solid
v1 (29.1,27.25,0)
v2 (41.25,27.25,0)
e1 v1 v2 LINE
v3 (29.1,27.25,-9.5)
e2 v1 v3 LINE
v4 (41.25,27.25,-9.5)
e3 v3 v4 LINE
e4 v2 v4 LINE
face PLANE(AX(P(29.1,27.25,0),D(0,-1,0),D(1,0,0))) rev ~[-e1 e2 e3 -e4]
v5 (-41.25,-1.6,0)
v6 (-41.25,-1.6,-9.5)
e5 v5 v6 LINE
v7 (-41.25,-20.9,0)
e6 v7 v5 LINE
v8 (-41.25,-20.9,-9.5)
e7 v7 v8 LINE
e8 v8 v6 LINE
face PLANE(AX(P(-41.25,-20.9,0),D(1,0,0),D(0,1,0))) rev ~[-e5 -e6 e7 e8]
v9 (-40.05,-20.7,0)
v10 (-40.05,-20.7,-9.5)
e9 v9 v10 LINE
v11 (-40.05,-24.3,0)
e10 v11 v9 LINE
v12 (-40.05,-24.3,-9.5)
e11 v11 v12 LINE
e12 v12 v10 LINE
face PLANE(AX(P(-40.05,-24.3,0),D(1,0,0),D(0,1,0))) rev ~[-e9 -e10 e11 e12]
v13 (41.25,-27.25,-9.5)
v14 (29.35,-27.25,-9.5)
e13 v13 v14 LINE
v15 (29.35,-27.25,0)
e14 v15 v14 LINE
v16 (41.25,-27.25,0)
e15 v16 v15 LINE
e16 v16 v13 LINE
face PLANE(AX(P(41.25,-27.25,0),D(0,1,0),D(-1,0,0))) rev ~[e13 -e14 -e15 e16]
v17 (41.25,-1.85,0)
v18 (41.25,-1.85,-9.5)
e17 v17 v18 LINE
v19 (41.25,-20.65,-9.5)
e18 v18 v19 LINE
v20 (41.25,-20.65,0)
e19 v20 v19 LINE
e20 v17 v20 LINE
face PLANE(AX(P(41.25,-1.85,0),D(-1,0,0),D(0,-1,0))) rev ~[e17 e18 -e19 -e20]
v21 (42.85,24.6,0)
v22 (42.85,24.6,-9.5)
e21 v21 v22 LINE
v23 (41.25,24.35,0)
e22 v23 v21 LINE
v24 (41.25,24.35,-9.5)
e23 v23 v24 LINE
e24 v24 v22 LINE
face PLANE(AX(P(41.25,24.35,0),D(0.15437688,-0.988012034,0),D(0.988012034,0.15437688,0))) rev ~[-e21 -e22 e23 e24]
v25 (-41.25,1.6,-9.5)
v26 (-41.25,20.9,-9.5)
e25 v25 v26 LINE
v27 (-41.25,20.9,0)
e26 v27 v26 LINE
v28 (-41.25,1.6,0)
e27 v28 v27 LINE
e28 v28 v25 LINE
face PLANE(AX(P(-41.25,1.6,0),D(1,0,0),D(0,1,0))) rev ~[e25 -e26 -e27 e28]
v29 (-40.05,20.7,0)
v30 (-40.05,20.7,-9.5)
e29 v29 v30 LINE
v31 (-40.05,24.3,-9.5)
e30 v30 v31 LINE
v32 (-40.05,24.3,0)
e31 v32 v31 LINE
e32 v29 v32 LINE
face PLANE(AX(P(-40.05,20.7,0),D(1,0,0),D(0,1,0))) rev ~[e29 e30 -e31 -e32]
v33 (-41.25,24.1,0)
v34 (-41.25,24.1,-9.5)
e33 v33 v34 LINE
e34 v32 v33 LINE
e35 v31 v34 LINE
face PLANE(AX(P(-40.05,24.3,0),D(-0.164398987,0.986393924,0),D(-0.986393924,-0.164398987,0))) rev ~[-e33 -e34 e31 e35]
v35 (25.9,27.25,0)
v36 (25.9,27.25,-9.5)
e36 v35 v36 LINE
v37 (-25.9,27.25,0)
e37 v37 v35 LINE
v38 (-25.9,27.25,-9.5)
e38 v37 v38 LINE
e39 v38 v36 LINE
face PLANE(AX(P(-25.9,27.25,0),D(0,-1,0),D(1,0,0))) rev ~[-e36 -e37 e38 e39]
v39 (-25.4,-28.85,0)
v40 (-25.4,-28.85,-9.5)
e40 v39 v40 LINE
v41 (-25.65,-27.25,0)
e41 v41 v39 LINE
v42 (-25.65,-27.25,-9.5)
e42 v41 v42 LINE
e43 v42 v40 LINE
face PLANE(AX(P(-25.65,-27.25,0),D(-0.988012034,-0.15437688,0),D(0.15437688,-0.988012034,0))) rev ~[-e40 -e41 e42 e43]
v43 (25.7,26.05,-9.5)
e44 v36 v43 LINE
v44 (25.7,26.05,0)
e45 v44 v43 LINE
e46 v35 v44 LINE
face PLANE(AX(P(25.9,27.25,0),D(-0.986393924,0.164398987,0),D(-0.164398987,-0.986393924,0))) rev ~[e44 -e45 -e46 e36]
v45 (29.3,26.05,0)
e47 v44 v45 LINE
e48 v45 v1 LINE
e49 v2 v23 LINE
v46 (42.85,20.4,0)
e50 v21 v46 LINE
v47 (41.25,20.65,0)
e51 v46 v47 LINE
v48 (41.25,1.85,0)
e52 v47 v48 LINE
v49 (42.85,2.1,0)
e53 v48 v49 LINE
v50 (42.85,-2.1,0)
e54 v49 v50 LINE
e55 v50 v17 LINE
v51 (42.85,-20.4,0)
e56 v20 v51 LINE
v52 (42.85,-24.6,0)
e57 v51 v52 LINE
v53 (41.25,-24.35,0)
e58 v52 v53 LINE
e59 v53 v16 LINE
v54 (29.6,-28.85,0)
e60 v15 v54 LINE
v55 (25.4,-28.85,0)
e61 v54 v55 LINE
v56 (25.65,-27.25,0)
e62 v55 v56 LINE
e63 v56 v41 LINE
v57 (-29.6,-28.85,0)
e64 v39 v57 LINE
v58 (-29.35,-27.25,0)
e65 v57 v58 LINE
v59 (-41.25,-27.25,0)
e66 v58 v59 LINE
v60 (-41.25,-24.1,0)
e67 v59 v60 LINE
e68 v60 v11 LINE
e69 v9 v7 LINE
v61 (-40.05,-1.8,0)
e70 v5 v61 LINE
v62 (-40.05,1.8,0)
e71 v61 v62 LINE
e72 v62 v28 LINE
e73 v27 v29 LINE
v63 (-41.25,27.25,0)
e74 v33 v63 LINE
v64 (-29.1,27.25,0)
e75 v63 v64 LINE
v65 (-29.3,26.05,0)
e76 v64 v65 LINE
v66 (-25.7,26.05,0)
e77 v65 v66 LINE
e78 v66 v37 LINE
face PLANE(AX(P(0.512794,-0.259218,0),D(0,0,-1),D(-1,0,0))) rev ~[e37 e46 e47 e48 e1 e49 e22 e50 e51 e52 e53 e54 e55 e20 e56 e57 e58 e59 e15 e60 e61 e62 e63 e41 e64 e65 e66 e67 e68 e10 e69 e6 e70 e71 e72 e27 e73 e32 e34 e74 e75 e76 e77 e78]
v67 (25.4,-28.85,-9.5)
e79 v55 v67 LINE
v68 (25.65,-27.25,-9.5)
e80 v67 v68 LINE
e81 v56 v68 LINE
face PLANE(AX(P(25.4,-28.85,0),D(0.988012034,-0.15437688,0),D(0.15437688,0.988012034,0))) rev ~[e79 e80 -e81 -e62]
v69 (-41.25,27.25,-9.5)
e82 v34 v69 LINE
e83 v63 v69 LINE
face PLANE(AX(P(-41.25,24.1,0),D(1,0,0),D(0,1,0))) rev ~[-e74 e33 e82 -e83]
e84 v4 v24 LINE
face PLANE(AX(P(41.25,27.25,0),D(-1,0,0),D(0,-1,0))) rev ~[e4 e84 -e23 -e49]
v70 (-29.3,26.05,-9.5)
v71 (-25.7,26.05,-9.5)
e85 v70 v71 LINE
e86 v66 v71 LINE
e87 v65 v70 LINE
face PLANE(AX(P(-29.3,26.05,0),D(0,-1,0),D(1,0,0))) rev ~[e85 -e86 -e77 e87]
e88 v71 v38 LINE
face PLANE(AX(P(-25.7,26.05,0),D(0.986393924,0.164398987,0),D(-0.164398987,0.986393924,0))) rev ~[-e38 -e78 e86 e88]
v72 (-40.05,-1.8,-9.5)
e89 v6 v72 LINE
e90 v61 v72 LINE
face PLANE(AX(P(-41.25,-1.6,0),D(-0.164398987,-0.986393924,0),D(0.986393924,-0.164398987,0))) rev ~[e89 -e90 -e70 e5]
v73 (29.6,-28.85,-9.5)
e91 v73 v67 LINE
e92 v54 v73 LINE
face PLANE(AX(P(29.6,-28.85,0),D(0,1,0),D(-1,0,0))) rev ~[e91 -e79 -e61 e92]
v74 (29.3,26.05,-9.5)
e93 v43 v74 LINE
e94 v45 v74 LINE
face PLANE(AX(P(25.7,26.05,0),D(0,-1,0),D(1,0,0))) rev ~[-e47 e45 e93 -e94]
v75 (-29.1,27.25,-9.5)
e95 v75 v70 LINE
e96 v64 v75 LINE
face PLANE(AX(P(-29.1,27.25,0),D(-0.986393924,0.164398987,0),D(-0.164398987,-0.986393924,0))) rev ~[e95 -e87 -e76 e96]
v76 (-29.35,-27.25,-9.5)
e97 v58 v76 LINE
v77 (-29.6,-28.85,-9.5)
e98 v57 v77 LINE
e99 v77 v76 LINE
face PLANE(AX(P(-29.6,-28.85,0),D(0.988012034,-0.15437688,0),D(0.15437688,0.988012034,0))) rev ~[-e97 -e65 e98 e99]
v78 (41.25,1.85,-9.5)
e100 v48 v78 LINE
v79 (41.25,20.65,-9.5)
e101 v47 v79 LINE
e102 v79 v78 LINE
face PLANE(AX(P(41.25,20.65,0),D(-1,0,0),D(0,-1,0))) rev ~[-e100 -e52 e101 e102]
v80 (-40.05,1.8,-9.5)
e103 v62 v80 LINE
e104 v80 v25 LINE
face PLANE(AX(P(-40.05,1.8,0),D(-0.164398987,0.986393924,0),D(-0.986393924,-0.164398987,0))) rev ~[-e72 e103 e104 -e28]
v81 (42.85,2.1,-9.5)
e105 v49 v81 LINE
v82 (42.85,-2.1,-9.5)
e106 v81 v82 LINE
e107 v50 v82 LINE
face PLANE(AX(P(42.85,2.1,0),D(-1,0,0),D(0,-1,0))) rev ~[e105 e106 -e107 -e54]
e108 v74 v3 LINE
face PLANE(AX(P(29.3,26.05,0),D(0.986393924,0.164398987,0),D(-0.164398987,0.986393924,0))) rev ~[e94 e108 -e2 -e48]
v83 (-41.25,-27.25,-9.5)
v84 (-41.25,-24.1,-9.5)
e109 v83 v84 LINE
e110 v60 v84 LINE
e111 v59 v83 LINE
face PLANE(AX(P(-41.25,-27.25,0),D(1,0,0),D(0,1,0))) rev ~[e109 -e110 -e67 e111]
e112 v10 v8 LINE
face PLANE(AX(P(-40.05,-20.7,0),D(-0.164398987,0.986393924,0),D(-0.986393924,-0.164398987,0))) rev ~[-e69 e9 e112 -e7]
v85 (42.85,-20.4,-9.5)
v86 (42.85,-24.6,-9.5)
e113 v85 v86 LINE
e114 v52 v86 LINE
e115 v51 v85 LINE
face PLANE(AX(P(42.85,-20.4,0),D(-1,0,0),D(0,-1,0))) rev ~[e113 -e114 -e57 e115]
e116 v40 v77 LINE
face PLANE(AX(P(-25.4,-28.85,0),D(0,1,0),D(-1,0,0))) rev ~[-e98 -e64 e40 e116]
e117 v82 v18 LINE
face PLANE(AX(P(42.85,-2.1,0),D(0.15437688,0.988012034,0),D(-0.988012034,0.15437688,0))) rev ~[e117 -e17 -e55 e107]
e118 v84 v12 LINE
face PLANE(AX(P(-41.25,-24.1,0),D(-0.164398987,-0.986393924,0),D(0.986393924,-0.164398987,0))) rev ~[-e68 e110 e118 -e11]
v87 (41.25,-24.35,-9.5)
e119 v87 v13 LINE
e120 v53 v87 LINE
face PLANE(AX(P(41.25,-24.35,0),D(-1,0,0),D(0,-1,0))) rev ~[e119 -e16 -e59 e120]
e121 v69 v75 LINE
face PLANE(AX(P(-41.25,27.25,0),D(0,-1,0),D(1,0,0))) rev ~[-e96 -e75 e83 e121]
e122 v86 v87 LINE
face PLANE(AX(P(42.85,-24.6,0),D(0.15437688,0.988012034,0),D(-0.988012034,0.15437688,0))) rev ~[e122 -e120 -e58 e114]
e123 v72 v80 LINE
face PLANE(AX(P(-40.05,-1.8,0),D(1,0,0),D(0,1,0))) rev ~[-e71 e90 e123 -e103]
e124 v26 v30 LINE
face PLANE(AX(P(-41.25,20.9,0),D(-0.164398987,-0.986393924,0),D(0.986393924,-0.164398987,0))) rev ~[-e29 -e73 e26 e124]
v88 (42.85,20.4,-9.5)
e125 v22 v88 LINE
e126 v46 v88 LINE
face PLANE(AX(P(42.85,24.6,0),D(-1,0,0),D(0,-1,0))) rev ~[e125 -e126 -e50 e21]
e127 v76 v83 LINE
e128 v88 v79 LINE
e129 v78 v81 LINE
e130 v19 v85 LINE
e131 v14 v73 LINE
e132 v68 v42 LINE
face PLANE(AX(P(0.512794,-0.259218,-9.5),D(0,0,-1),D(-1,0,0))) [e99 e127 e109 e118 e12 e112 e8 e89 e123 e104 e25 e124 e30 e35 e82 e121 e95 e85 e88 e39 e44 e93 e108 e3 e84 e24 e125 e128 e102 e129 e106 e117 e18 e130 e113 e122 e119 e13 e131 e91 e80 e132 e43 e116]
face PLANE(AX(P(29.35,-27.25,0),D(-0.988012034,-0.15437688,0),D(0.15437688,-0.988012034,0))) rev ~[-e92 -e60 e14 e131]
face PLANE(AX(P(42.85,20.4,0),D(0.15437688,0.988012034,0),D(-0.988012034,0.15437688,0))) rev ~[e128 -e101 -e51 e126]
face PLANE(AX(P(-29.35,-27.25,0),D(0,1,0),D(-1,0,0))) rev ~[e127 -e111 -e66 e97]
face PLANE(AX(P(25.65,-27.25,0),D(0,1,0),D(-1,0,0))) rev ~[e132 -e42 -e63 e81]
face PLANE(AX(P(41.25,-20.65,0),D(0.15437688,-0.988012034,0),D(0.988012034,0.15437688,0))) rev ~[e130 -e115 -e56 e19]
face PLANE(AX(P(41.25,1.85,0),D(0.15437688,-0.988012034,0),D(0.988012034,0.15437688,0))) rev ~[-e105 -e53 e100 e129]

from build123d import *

# Parameters (mm, degrees)
PAD_DEPTH = 9.5


with BuildPart() as part:
    # Sketch → Pad (new body)
    with BuildSketch(Plane.XY):
        Polygon((-41.25, 27.25), (-29.1, 27.25), (-29.3, 26.05), (-25.7, 26.05), (-25.9, 27.25), (25.9, 27.25), (25.7, 26.05), (29.3, 26.05), (29.1, 27.25), (41.25, 27.25), (41.25, 24.35), (42.85, 24.6), (42.85, 20.4), (41.25, 20.65), (41.25, 1.85), (42.85, 2.1), (42.85, -2.1), (41.25, -1.85), (41.25, -20.65), (42.85, -20.4), (42.85, -24.6), (41.25, -24.35), (41.25, -27.25), (29.35, -27.25), (29.6, -28.85), (25.4, -28.85), (25.65, -27.25), (-25.65, -27.25), (-25.4, -28.85), (-29.6, -28.85), (-29.35, -27.25), (-41.25, -27.25), (-41.25, -24.1), (-40.05, -24.3), (-40.05, -20.7), (-41.25, -20.9), (-41.25, -1.6), (-40.05, -1.8), (-40.05, 1.8), (-41.25, 1.6), (-41.25, 20.9), (-40.05, 20.7), (-40.05, 24.3), (-41.25, 24.1), align=None)
    extrude(amount=-PAD_DEPTH)


solid = part.part
